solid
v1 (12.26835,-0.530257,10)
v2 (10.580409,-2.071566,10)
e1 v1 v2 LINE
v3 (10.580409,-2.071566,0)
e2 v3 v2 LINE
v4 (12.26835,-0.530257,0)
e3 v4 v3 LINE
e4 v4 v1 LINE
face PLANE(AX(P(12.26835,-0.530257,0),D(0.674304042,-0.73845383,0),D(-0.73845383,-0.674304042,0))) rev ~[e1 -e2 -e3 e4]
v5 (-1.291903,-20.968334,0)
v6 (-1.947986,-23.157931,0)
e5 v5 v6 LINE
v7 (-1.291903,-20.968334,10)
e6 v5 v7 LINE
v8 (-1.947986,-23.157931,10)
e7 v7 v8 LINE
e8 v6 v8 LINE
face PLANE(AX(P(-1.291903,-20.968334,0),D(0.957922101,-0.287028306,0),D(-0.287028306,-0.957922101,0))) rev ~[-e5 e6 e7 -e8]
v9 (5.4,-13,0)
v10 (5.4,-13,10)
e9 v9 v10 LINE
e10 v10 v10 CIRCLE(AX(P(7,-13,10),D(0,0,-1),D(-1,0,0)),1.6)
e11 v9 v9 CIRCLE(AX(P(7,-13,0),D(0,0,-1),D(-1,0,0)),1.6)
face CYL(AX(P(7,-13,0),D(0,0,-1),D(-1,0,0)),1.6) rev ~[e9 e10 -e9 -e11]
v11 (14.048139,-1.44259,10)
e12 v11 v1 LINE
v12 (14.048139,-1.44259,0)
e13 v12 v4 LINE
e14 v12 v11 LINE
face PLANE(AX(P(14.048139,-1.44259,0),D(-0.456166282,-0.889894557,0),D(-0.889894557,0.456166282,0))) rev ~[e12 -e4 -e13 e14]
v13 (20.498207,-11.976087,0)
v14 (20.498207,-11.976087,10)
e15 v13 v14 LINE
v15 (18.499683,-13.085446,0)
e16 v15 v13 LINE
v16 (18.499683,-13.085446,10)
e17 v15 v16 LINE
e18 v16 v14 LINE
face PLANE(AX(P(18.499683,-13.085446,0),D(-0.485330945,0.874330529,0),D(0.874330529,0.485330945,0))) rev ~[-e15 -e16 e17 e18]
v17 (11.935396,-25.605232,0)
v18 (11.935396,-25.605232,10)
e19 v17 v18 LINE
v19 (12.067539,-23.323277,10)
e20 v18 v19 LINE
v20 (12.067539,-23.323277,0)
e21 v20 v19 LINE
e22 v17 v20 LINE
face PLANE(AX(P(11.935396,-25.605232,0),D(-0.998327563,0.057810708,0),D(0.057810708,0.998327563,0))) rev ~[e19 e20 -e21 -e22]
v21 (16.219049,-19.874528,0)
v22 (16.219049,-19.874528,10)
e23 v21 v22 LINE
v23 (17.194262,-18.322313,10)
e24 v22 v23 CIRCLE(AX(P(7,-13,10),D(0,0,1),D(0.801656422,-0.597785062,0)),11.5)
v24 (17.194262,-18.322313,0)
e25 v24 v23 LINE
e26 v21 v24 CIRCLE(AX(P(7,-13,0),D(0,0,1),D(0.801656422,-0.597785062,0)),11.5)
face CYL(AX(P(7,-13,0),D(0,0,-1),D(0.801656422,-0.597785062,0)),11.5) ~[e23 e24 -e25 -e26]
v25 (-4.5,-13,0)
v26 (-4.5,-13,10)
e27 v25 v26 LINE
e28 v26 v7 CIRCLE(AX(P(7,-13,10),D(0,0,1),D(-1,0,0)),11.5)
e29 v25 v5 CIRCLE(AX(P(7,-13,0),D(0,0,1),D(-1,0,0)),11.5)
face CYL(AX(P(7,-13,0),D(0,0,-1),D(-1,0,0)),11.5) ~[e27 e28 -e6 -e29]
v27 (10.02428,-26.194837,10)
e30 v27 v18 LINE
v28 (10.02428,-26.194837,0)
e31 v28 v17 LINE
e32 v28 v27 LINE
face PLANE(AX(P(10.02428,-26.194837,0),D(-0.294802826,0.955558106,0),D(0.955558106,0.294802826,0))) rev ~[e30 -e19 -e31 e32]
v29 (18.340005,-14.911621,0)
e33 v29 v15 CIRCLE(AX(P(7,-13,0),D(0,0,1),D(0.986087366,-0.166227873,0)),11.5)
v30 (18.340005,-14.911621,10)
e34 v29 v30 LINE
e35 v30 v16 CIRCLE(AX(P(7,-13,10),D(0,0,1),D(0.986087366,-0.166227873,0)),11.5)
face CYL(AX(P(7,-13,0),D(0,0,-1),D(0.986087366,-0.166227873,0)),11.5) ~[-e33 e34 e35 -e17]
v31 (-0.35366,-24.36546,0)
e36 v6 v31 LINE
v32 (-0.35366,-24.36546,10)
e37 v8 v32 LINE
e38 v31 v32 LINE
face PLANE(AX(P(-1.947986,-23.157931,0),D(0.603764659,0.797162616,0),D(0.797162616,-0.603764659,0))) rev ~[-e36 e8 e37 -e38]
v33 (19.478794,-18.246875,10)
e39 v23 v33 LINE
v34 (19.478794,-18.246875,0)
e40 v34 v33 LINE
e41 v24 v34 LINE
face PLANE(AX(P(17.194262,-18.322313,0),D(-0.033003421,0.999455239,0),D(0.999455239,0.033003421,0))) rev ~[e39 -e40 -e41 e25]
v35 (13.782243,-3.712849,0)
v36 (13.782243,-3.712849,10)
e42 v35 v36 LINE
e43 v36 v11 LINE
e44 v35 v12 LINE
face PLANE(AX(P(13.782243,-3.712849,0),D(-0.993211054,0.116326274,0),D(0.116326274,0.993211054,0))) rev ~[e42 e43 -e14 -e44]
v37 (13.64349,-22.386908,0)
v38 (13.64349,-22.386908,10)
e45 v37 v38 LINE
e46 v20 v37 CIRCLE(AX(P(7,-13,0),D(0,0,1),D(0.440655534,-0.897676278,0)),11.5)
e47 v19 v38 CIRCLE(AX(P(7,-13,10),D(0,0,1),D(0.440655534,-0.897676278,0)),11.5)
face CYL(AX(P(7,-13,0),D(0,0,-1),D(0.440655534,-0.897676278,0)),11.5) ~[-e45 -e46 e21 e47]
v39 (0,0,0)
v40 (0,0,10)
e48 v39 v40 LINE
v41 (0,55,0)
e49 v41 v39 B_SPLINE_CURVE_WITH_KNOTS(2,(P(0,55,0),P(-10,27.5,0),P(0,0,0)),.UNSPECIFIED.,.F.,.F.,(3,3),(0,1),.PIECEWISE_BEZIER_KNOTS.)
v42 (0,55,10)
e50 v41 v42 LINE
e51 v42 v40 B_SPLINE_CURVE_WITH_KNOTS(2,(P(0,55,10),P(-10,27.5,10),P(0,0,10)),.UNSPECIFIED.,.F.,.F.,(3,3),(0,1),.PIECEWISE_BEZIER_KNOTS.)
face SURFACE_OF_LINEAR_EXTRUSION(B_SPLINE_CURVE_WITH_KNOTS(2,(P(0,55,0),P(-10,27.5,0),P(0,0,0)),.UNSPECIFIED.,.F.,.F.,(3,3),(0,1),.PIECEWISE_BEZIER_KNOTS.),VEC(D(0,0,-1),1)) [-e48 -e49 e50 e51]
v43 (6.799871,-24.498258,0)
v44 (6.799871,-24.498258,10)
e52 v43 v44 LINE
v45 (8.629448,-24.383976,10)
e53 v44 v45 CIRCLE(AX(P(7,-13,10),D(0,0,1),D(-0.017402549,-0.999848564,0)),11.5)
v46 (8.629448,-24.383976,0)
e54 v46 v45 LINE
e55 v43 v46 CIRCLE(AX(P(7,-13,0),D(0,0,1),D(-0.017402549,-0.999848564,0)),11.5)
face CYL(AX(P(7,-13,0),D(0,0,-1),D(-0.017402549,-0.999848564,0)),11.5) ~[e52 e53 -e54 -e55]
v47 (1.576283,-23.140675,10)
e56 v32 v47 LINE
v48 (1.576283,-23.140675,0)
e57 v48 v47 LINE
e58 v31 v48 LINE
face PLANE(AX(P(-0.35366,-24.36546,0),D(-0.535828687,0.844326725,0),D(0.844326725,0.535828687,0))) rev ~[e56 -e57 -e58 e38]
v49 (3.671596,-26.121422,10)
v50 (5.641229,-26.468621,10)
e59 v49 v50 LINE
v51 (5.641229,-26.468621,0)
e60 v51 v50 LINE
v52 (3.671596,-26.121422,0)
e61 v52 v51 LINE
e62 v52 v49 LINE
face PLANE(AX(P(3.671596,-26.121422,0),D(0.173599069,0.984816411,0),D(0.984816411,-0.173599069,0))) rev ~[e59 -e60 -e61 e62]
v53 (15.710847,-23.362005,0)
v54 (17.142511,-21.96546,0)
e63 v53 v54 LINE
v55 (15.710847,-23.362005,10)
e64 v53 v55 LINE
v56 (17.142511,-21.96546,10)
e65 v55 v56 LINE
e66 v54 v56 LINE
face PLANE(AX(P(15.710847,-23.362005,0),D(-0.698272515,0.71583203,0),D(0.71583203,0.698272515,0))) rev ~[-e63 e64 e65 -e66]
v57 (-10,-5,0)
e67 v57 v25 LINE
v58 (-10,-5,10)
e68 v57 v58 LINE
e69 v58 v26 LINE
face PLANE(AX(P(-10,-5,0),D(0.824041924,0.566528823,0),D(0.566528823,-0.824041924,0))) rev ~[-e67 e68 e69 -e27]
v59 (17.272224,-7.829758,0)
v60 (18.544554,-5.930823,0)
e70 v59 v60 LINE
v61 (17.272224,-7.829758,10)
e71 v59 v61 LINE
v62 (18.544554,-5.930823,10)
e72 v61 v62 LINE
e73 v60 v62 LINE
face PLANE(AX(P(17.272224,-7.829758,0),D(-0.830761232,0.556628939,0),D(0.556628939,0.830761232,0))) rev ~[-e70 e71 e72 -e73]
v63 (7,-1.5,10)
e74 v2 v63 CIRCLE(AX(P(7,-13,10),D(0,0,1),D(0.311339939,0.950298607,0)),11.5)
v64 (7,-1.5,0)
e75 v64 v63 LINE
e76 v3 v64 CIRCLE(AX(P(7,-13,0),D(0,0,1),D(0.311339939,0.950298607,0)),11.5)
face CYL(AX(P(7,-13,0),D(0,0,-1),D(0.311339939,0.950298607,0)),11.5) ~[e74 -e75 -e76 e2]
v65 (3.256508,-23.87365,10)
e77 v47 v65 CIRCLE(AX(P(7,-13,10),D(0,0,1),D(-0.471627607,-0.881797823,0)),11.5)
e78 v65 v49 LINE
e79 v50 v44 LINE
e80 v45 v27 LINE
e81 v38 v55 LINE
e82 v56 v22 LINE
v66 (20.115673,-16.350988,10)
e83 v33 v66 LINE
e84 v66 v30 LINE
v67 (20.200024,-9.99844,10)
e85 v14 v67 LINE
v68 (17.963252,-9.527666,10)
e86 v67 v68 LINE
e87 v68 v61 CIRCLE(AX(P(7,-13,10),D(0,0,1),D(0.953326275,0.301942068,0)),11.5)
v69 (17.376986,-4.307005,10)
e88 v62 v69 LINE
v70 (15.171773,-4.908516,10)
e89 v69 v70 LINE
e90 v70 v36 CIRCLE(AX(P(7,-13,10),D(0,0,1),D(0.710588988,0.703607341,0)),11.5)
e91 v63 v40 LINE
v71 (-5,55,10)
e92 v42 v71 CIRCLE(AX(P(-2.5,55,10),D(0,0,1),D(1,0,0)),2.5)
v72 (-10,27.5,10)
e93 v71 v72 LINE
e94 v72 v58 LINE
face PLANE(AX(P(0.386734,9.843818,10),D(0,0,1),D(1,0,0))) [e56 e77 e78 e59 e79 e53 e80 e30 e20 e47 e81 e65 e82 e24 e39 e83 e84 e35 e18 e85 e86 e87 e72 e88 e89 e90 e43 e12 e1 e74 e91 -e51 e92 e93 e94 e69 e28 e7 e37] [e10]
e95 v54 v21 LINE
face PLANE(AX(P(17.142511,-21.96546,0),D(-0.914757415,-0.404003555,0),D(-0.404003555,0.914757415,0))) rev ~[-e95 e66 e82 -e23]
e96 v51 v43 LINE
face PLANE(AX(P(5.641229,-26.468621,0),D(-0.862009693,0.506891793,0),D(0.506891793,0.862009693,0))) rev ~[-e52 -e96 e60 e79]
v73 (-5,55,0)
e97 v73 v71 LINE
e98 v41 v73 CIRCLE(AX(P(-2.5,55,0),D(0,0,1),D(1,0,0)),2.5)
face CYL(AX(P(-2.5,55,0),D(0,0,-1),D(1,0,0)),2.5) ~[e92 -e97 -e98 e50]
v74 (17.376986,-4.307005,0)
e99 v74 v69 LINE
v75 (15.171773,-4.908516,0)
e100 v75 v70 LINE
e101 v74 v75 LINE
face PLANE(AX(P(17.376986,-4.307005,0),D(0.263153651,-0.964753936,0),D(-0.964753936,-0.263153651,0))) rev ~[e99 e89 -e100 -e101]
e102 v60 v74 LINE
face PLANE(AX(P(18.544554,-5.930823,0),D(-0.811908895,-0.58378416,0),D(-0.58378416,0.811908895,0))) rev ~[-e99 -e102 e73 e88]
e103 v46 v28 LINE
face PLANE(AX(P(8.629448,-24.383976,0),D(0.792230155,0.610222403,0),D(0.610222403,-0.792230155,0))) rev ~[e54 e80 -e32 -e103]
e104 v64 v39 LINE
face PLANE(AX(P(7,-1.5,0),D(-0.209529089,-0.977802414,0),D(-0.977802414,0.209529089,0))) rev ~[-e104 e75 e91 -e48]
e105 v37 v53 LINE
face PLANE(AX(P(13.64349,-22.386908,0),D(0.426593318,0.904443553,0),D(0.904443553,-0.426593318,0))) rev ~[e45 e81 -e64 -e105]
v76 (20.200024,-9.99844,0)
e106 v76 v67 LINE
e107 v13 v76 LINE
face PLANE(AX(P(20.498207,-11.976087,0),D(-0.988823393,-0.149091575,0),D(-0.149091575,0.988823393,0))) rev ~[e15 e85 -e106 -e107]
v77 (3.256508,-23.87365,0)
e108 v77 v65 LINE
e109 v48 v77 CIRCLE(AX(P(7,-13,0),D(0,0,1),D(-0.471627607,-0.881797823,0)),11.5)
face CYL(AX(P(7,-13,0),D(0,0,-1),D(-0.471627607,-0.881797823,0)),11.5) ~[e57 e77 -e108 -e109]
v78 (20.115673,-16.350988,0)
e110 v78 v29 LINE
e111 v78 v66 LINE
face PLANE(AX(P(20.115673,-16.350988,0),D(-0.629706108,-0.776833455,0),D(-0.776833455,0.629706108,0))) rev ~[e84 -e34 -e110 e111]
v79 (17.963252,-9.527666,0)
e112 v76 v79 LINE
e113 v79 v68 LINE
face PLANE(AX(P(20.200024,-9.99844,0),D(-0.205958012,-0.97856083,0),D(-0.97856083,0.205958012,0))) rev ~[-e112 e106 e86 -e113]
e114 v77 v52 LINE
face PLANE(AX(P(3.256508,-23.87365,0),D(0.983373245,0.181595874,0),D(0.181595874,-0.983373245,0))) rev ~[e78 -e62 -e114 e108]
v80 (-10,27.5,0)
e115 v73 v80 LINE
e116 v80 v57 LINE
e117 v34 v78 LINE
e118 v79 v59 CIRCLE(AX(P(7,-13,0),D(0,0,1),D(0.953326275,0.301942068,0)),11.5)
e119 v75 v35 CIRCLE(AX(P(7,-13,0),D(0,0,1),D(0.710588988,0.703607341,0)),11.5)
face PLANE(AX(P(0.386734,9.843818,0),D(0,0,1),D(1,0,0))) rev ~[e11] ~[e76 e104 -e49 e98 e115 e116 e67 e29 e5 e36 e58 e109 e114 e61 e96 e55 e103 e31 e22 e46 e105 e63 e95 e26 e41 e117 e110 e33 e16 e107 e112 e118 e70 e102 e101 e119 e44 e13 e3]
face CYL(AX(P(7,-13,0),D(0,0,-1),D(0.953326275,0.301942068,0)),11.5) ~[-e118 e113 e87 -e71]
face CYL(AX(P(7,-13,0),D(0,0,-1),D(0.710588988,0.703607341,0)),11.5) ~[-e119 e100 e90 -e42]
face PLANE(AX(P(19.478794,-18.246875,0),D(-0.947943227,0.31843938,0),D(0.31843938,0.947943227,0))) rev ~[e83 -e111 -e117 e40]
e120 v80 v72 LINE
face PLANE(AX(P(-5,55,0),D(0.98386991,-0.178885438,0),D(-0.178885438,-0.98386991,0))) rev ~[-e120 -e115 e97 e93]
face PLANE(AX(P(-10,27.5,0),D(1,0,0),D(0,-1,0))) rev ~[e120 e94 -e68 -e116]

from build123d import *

# Parameters (mm, degrees)
EXTRUDE_2_DEPTH     = 10
SKETCH_2_R          = 1.6
CUT_EXTRUDE_1_DEPTH = 10


with BuildPart() as part:
    # 草圖1 → 填料-伸長2 (new body)
    with BuildSketch(Plane.XY):
        with BuildLine():
            ThreePointArc((0, 55), (-2.5, 57.5), (-5, 55))
            Line((-5, 55), (-10, 27.5))
            Line((-10, 27.5), (-10, -5))
            Line((-10, -5), (-4.5, -13))
            ThreePointArc((-4.5, -13), (-3.667869554, -17.294945772), (-1.291902751, -20.968334127))
            Line((-1.291902751, -20.968334127), (-1.947985517, -23.157930655))
            Line((-1.947985517, -23.157930655), (-0.353660285, -24.365459974))
            Line((-0.353660285, -24.365459974), (1.576282518, -23.140674962))
            ThreePointArc((1.576282518, -23.140674962), (2.401767343, -23.540695254), (3.256508451, -23.873650308))
            Line((3.256508451, -23.873650308), (3.671596164, -26.12142248))
            Line((3.671596164, -26.12142248), (5.641228986, -26.468620617))
            Line((5.641228986, -26.468620617), (6.799870704, -24.498258488))
            ThreePointArc((6.799870704, -24.498258488), (7.716939899, -24.477630295), (8.629447558, -24.383975608))
            Line((8.629447558, -24.383975608), (10.024280034, -26.194837259))
            Line((10.024280034, -26.194837259), (11.935396246, -25.605231608))
            Line((11.935396246, -25.605231608), (12.067538645, -23.323277197))
            ThreePointArc((12.067538645, -23.323277197), (12.874201866, -22.886544009), (13.643490442, -22.386907624))
            Line((13.643490442, -22.386907624), (15.710846923, -23.362004916))
            Line((15.710846923, -23.362004916), (17.142510983, -21.965459886))
            Line((17.142510983, -21.965459886), (16.219048856, -19.874528216))
            ThreePointArc((16.219048856, -19.874528216), (16.737633381, -19.117883305), (17.194262154, -18.322313325))
            Line((17.194262154, -18.322313325), (19.478794182, -18.246874857))
            Line((19.478794182, -18.246874857), (20.115672942, -16.350988403))
            Line((20.115672942, -16.350988403), (18.340004717, -14.911620519))
            ThreePointArc((18.340004717, -14.911620519), (18.456288995, -14.001719757), (18.499682563, -13.085445547))
            Line((18.499682563, -13.085445547), (20.498207378, -11.976087123))
            Line((20.498207378, -11.976087123), (20.200024227, -9.998440337))
            Line((20.200024227, -9.998440337), (17.963252163, -9.527666203))
            ThreePointArc((17.963252163, -9.527666203), (17.651623839, -8.664921039), (17.272224493, -7.829757842))
            Line((17.272224493, -7.829757842), (18.544554248, -5.930822735))
            Line((18.544554248, -5.930822735), (17.376985928, -4.307004944))
            Line((17.376985928, -4.307004944), (15.171773349, -4.908515567))
            ThreePointArc((15.171773349, -4.908515567), (14.50087055, -4.28295113), (13.782243416, -3.712848971))
            Line((13.782243416, -3.712848971), (14.048139364, -1.442589758))
            Line((14.048139364, -1.442589758), (12.268350249, -0.530257194))
            Line((12.268350249, -0.530257194), (10.580409299, -2.07156602))
            ThreePointArc((10.580409299, -2.07156602), (8.812871925, -1.643790448), (7, -1.5))
            Line((7, -1.5), (0, 0))
            add(Edge.make_bspline(
                [(0, 55), (-10, 27.5), (0, 0)],
                knots=[0, 0, 0, 1, 1, 1], degree=2))
        make_face()
    extrude(amount=EXTRUDE_2_DEPTH)

    # 草圖2 → 除料-伸長1 (cut)
    with BuildSketch(Plane(origin=(0, 0, 0), x_dir=(-1, 0, 0), z_dir=(0, 0, -1))):
        with Locations((-7, -13)):
            Circle(SKETCH_2_R)
    extrude(amount=-CUT_EXTRUDE_1_DEPTH, mode=Mode.SUBTRACT)


solid = part.part
